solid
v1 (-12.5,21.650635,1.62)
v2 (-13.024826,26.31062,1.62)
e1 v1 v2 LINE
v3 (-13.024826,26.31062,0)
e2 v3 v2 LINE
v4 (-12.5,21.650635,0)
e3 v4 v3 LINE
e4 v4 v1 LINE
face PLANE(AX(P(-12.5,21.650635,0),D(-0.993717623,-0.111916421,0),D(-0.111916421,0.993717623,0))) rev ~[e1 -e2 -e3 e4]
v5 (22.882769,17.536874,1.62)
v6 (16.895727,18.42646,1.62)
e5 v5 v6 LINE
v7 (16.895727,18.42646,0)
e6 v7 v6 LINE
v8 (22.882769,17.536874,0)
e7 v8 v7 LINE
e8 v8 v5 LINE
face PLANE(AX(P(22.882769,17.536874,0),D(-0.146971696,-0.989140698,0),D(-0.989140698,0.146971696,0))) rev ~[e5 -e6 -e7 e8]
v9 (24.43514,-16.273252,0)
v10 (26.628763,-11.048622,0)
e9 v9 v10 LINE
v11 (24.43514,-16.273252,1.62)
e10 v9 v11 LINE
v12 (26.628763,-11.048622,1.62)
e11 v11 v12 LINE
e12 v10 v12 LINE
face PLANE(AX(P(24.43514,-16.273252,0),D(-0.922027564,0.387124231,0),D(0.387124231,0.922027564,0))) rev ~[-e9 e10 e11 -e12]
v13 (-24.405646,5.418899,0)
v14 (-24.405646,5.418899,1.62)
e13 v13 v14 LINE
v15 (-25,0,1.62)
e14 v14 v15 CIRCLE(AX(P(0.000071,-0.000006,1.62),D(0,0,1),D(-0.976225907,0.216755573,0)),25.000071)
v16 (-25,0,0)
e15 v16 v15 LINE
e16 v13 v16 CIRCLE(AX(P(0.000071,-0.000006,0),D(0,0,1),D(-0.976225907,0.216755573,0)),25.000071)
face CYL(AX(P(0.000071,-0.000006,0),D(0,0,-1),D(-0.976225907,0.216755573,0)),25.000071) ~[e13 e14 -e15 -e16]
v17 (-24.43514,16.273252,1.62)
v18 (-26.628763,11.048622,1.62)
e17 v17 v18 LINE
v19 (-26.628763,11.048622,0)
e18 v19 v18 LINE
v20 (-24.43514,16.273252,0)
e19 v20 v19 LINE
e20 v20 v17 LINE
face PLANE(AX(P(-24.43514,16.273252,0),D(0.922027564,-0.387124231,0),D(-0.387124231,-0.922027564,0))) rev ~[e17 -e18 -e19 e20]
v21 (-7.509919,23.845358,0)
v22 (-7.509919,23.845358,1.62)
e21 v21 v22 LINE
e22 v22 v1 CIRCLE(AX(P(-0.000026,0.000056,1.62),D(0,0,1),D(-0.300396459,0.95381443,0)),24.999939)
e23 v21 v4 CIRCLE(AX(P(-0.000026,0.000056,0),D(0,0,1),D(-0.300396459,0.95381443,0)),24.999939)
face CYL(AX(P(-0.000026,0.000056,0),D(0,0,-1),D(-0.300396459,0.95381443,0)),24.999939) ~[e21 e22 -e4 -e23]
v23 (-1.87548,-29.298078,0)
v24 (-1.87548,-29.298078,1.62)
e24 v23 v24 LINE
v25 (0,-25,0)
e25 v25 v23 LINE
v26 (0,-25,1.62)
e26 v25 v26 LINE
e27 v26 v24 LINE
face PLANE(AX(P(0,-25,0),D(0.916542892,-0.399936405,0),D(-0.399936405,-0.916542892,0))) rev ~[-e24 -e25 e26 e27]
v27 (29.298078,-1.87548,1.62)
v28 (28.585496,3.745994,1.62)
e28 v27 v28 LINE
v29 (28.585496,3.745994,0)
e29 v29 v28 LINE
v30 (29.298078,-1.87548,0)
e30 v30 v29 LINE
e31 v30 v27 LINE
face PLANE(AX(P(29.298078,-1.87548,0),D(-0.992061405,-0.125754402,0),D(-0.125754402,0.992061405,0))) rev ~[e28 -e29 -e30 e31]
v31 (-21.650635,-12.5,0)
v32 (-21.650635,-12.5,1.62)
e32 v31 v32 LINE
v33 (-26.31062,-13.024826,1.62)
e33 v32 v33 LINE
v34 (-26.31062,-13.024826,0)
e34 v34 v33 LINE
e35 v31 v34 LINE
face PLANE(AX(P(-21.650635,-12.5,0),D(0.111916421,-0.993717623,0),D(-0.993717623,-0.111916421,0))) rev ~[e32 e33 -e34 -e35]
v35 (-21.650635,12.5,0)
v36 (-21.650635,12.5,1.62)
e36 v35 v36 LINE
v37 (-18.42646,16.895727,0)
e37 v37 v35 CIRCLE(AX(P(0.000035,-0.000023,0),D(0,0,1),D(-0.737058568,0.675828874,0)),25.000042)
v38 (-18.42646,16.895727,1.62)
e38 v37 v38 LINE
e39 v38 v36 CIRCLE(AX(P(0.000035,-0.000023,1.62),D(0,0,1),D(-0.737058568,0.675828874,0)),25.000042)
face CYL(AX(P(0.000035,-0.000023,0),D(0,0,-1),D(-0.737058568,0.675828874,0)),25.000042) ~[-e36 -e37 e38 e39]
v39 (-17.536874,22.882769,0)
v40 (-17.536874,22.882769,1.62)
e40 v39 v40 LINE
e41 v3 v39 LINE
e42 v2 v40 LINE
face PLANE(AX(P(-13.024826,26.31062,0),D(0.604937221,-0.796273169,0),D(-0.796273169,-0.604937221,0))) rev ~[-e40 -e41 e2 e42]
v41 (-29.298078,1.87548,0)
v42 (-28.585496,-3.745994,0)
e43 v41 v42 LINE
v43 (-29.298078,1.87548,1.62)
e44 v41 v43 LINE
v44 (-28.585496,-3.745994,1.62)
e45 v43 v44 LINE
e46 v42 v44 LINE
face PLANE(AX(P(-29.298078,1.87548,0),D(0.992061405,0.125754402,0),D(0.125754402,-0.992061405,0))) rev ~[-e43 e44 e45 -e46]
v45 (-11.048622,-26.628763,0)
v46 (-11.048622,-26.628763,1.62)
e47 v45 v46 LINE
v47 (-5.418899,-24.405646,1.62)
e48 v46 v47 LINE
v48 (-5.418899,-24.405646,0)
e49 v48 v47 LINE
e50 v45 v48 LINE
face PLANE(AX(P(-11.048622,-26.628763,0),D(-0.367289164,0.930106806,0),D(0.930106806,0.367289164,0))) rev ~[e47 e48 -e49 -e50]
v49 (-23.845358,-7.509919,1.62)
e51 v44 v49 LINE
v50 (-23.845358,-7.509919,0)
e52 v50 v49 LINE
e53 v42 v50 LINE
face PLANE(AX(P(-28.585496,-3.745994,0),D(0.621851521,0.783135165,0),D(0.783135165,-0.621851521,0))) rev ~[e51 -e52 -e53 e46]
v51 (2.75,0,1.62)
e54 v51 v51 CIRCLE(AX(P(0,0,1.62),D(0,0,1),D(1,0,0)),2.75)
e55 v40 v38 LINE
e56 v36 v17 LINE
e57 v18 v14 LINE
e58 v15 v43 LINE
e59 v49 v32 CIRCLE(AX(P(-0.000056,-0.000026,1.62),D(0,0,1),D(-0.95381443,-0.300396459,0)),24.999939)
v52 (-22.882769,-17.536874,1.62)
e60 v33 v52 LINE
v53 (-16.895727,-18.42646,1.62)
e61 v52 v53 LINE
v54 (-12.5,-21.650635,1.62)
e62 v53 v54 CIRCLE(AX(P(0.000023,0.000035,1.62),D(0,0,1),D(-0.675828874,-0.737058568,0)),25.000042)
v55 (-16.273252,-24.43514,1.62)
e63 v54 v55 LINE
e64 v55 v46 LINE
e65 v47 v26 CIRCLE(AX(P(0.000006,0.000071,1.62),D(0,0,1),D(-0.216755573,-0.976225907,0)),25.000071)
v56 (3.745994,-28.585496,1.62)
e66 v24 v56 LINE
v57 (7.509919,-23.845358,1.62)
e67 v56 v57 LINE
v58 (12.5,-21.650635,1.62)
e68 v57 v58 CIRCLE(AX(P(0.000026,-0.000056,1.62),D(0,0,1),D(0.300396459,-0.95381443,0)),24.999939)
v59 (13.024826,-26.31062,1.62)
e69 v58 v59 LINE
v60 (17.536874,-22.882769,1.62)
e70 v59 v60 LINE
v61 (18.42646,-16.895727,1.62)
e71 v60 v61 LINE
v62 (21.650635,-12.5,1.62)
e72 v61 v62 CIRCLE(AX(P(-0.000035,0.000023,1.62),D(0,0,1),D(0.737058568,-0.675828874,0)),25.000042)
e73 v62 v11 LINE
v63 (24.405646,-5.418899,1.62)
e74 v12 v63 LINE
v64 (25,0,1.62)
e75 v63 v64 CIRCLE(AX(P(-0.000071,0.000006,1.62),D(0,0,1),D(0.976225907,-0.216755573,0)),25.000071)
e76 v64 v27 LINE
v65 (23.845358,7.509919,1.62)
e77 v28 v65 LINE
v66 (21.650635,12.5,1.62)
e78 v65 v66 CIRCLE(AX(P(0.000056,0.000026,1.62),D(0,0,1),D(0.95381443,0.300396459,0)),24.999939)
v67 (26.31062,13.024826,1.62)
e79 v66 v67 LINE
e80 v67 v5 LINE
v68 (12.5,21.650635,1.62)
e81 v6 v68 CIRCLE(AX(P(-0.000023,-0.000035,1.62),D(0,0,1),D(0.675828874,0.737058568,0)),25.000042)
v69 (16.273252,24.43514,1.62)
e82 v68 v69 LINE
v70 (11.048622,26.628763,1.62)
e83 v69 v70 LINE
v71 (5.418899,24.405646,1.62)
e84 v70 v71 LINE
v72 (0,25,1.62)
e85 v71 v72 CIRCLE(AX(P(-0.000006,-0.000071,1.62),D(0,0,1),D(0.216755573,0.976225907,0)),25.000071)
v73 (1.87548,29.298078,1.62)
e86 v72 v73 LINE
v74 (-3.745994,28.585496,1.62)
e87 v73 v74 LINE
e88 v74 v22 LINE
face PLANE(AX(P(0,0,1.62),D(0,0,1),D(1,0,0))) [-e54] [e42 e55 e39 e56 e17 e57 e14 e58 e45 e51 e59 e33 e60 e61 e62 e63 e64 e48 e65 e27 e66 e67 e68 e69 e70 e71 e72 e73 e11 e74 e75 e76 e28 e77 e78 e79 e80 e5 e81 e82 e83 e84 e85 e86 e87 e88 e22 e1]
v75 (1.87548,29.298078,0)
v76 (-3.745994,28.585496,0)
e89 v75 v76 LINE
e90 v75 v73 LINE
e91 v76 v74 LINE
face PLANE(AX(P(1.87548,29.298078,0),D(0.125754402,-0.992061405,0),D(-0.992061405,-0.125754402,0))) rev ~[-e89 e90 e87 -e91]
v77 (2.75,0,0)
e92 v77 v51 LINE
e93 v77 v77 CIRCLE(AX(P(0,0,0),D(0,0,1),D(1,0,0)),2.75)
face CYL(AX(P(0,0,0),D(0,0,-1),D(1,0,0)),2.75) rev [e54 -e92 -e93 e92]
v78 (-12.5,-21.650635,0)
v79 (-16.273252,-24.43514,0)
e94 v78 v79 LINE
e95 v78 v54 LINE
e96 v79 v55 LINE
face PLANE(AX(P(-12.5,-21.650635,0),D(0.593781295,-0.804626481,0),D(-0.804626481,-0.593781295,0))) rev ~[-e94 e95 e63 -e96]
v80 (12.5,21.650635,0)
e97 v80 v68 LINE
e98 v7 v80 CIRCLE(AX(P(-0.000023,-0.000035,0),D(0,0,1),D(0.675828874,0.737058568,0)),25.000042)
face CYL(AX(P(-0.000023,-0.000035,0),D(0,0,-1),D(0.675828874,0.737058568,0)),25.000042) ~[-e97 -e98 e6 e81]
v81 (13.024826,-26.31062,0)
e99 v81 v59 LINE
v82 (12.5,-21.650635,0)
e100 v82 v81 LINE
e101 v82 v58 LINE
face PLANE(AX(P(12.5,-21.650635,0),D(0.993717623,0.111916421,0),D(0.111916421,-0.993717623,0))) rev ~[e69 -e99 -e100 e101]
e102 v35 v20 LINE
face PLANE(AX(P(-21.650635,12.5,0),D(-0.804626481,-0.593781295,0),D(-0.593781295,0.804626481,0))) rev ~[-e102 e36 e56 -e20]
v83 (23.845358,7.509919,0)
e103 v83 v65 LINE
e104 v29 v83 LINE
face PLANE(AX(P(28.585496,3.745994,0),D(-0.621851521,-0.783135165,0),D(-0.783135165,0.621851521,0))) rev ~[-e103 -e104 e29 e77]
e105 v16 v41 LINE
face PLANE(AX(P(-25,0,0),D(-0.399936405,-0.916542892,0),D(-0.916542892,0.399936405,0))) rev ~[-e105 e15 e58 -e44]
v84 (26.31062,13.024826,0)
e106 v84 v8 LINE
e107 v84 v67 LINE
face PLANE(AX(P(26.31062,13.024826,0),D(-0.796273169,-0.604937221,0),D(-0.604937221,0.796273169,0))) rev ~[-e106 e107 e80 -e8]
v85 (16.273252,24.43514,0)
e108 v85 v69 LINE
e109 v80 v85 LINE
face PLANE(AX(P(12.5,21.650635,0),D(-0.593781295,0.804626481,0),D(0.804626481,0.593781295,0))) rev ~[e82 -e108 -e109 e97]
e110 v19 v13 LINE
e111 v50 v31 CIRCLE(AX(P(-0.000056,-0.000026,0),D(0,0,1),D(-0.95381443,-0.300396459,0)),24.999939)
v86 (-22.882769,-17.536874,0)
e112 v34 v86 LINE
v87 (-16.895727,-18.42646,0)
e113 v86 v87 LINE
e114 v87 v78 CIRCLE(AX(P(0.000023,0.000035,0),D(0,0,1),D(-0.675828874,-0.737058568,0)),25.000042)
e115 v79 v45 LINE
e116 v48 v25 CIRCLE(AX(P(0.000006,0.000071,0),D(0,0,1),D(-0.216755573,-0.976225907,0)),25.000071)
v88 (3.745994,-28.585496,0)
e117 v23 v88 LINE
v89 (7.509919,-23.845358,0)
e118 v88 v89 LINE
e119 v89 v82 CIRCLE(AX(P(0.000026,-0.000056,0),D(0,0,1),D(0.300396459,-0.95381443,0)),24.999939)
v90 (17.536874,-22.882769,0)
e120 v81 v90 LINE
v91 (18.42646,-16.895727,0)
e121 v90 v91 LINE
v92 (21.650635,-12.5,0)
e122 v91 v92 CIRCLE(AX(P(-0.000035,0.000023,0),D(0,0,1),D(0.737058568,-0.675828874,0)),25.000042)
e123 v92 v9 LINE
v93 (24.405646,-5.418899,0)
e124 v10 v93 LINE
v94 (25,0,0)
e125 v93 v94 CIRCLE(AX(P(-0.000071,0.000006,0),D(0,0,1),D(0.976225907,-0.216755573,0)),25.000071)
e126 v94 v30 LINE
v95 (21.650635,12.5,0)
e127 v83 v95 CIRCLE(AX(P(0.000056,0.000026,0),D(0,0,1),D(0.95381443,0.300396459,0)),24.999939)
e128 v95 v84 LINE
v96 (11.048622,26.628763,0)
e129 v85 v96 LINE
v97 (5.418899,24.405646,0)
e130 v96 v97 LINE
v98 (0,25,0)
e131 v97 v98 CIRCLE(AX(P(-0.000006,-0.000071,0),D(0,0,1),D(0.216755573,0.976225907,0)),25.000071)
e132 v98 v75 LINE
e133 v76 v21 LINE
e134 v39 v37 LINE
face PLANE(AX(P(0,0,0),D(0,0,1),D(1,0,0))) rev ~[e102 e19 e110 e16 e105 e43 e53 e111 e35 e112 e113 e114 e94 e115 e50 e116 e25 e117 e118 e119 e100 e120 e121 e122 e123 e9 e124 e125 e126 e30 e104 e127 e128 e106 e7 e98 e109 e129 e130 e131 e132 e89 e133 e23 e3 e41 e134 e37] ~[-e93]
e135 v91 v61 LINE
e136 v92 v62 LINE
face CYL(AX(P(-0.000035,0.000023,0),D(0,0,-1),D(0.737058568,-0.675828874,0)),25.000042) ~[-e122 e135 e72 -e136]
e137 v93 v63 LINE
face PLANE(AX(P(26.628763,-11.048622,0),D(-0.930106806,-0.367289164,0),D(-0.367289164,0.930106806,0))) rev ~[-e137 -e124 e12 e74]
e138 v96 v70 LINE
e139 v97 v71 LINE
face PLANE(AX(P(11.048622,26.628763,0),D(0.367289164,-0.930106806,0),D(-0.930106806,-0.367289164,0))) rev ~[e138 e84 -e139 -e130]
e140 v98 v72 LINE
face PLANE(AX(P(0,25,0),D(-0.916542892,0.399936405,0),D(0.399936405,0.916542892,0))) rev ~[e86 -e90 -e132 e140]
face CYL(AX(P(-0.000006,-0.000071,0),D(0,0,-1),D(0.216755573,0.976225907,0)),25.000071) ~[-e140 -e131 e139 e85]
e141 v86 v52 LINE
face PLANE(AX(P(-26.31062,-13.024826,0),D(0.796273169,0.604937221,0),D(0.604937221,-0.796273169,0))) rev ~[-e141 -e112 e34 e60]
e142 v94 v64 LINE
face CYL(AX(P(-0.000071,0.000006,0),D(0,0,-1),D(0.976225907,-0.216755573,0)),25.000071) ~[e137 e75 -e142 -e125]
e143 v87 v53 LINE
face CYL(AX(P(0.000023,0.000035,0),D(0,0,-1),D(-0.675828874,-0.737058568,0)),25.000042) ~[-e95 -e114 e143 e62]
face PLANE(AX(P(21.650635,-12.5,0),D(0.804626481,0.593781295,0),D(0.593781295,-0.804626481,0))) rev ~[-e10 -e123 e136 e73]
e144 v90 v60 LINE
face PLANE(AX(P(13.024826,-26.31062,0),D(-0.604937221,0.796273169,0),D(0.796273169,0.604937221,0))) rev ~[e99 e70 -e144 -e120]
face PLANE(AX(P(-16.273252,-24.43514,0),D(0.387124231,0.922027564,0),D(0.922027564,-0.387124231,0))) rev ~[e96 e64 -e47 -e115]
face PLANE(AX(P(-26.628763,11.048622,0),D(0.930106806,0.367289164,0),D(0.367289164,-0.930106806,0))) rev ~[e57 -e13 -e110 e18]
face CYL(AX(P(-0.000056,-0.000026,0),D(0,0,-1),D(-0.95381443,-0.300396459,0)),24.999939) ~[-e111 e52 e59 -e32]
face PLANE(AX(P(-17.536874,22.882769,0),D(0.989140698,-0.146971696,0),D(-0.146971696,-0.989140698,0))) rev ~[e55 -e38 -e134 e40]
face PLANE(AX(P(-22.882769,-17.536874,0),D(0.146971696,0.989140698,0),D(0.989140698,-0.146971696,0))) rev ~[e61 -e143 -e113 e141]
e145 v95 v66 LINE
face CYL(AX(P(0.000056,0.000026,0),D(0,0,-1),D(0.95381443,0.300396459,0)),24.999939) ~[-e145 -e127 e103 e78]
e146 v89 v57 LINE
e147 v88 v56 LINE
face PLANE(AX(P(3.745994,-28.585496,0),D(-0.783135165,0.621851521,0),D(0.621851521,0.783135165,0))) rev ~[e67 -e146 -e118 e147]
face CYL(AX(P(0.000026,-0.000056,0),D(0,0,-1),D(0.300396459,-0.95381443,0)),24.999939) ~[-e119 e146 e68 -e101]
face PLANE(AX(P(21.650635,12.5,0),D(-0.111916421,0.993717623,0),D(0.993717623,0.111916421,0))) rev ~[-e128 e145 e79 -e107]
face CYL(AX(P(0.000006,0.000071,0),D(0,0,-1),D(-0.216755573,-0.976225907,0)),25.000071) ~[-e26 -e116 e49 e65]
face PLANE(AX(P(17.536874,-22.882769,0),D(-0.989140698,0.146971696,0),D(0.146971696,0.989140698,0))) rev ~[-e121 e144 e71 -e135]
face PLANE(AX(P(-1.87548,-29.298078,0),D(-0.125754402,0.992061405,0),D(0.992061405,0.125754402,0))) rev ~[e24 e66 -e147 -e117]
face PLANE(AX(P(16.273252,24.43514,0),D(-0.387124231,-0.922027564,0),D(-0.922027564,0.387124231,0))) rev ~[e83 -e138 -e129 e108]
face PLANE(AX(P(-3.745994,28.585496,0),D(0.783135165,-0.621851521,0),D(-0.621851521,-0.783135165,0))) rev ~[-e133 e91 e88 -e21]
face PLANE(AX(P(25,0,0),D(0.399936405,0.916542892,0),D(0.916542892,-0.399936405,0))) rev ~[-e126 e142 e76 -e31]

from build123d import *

# Parameters (mm, degrees)
F0_R     = 2.75
F1_DEPTH = 1.62


with BuildPart() as f1:
    # F0 (on Top) → F1 (new body)
    with BuildSketch(Plane.XY):
        with BuildLine():
            ThreePointArc((24.405646, -5.418899), (24.850967, -2.725698), (25, 0))
            ThreePointArc((25, 0), (24.709654, 3.799081), (23.845358, 7.509919))
            ThreePointArc((23.845358, 7.509919), (22.884418, 10.06496), (21.650635, 12.5))
            ThreePointArc((21.650635, 12.5), (19.499647, 15.644928), (16.895727, 18.42646))
            ThreePointArc((16.895727, 18.42646), (14.786007, 20.15872), (12.5, 21.650635))
            ThreePointArc((12.5, 21.650635), (9.064726, 23.298728), (5.418899, 24.405646))
            ThreePointArc((5.418899, 24.405646), (2.725698, 24.850967), (0, 25))
            ThreePointArc((0, 25), (-3.799081, 24.709654), (-7.509919, 23.845358))
            ThreePointArc((-7.509919, 23.845358), (-10.06496, 22.884418), (-12.5, 21.650635))
            ThreePointArc((-12.5, 21.650635), (-15.644928, 19.499647), (-18.42646, 16.895727))
            ThreePointArc((-18.42646, 16.895727), (-20.15872, 14.786007), (-21.650635, 12.5))
            ThreePointArc((-21.650635, 12.5), (-23.298728, 9.064726), (-24.405646, 5.418899))
            ThreePointArc((-24.405646, 5.418899), (-24.850967, 2.725698), (-25, 0))
            ThreePointArc((-25, 0), (-24.709654, -3.799081), (-23.845358, -7.509919))
            ThreePointArc((-23.845358, -7.509919), (-22.884418, -10.06496), (-21.650635, -12.5))
            ThreePointArc((-21.650635, -12.5), (-19.499647, -15.644928), (-16.895727, -18.42646))
            ThreePointArc((-16.895727, -18.42646), (-14.786007, -20.15872), (-12.5, -21.650635))
            ThreePointArc((-12.5, -21.650635), (-9.064726, -23.298728), (-5.418899, -24.405646))
            ThreePointArc((-5.418899, -24.405646), (-2.725698, -24.850967), (0, -25))
            ThreePointArc((0, -25), (3.799081, -24.709654), (7.509919, -23.845358))
            ThreePointArc((7.509919, -23.845358), (10.06496, -22.884418), (12.5, -21.650635))
            ThreePointArc((12.5, -21.650635), (15.644928, -19.499647), (18.42646, -16.895727))
            ThreePointArc((18.42646, -16.895727), (20.15872, -14.786007), (21.650635, -12.5))
            ThreePointArc((21.650635, -12.5), (23.298728, -9.064726), (24.405646, -5.418899))
        make_face()
        Circle(F0_R, mode=Mode.SUBTRACT)
        with BuildLine():
            ThreePointArc((-7.509919, 23.845358), (-3.799081, 24.709654), (0, 25))
            Line((0, 25), (1.87548, 29.298078))
            Line((1.87548, 29.298078), (-3.745994, 28.585496))
            Line((-3.745994, 28.585496), (-7.509919, 23.845358))
        make_face()
        with BuildLine():
            ThreePointArc((-18.42646, 16.895727), (-15.644928, 19.499647), (-12.5, 21.650635))
            Line((-12.5, 21.650635), (-13.024826, 26.31062))
            Line((-13.024826, 26.31062), (-17.536874, 22.882769))
            Line((-17.536874, 22.882769), (-18.42646, 16.895727))
        make_face()
        with BuildLine():
            ThreePointArc((-24.405646, 5.418899), (-23.298728, 9.064726), (-21.650635, 12.5))
            Line((-21.650635, 12.5), (-24.43514, 16.273252))
            Line((-24.43514, 16.273252), (-26.628763, 11.048622))
            Line((-26.628763, 11.048622), (-24.405646, 5.418899))
        make_face()
        with BuildLine():
            Line((-28.585496, -3.745994), (-23.845358, -7.509919))
            ThreePointArc((-23.845358, -7.509919), (-24.709654, -3.799081), (-25, 0))
            Line((-25, 0), (-29.298078, 1.87548))
            Line((-29.298078, 1.87548), (-28.585496, -3.745994))
        make_face()
        with BuildLine():
            ThreePointArc((23.845358, 7.509919), (24.709654, 3.799081), (25, 0))
            Line((25, 0), (29.298078, -1.87548))
            Line((29.298078, -1.87548), (28.585496, 3.745994))
            Line((28.585496, 3.745994), (23.845358, 7.509919))
        make_face()
        with BuildLine():
            Line((26.628763, -11.048622), (24.405646, -5.418899))
            ThreePointArc((24.405646, -5.418899), (23.298728, -9.064726), (21.650635, -12.5))
            Line((21.650635, -12.5), (24.43514, -16.273252))
            Line((24.43514, -16.273252), (26.628763, -11.048622))
        make_face()
        with BuildLine():
            Line((-22.882769, -17.536874), (-16.895727, -18.42646))
            ThreePointArc((-16.895727, -18.42646), (-19.499647, -15.644928), (-21.650635, -12.5))
            Line((-21.650635, -12.5), (-26.31062, -13.024826))
            Line((-26.31062, -13.024826), (-22.882769, -17.536874))
        make_face()
        with BuildLine():
            Line((-11.048622, -26.628763), (-5.418899, -24.405646))
            ThreePointArc((-5.418899, -24.405646), (-9.064726, -23.298728), (-12.5, -21.650635))
            Line((-12.5, -21.650635), (-16.273252, -24.43514))
            Line((-16.273252, -24.43514), (-11.048622, -26.628763))
        make_face()
        with BuildLine():
            Line((3.745994, -28.585496), (7.509919, -23.845358))
            ThreePointArc((7.509919, -23.845358), (3.799081, -24.709654), (0, -25))
            Line((0, -25), (-1.87548, -29.298078))
            Line((-1.87548, -29.298078), (3.745994, -28.585496))
        make_face()
        with BuildLine():
            Line((17.536874, -22.882769), (18.42646, -16.895727))
            ThreePointArc((18.42646, -16.895727), (15.644928, -19.499647), (12.5, -21.650635))
            Line((12.5, -21.650635), (13.024826, -26.31062))
            Line((13.024826, -26.31062), (17.536874, -22.882769))
        make_face()
        with BuildLine():
            ThreePointArc((5.418899, 24.405646), (9.064726, 23.298728), (12.5, 21.650635))
            Line((12.5, 21.650635), (16.273252, 24.43514))
            Line((16.273252, 24.43514), (11.048622, 26.628763))
            Line((11.048622, 26.628763), (5.418899, 24.405646))
        make_face()
        with BuildLine():
            ThreePointArc((16.895727, 18.42646), (19.499647, 15.644928), (21.650635, 12.5))
            Line((21.650635, 12.5), (26.31062, 13.024826))
            Line((26.31062, 13.024826), (22.882769, 17.536874))
            Line((22.882769, 17.536874), (16.895727, 18.42646))
        make_face()
    extrude(amount=F1_DEPTH)


solid = f1.part
